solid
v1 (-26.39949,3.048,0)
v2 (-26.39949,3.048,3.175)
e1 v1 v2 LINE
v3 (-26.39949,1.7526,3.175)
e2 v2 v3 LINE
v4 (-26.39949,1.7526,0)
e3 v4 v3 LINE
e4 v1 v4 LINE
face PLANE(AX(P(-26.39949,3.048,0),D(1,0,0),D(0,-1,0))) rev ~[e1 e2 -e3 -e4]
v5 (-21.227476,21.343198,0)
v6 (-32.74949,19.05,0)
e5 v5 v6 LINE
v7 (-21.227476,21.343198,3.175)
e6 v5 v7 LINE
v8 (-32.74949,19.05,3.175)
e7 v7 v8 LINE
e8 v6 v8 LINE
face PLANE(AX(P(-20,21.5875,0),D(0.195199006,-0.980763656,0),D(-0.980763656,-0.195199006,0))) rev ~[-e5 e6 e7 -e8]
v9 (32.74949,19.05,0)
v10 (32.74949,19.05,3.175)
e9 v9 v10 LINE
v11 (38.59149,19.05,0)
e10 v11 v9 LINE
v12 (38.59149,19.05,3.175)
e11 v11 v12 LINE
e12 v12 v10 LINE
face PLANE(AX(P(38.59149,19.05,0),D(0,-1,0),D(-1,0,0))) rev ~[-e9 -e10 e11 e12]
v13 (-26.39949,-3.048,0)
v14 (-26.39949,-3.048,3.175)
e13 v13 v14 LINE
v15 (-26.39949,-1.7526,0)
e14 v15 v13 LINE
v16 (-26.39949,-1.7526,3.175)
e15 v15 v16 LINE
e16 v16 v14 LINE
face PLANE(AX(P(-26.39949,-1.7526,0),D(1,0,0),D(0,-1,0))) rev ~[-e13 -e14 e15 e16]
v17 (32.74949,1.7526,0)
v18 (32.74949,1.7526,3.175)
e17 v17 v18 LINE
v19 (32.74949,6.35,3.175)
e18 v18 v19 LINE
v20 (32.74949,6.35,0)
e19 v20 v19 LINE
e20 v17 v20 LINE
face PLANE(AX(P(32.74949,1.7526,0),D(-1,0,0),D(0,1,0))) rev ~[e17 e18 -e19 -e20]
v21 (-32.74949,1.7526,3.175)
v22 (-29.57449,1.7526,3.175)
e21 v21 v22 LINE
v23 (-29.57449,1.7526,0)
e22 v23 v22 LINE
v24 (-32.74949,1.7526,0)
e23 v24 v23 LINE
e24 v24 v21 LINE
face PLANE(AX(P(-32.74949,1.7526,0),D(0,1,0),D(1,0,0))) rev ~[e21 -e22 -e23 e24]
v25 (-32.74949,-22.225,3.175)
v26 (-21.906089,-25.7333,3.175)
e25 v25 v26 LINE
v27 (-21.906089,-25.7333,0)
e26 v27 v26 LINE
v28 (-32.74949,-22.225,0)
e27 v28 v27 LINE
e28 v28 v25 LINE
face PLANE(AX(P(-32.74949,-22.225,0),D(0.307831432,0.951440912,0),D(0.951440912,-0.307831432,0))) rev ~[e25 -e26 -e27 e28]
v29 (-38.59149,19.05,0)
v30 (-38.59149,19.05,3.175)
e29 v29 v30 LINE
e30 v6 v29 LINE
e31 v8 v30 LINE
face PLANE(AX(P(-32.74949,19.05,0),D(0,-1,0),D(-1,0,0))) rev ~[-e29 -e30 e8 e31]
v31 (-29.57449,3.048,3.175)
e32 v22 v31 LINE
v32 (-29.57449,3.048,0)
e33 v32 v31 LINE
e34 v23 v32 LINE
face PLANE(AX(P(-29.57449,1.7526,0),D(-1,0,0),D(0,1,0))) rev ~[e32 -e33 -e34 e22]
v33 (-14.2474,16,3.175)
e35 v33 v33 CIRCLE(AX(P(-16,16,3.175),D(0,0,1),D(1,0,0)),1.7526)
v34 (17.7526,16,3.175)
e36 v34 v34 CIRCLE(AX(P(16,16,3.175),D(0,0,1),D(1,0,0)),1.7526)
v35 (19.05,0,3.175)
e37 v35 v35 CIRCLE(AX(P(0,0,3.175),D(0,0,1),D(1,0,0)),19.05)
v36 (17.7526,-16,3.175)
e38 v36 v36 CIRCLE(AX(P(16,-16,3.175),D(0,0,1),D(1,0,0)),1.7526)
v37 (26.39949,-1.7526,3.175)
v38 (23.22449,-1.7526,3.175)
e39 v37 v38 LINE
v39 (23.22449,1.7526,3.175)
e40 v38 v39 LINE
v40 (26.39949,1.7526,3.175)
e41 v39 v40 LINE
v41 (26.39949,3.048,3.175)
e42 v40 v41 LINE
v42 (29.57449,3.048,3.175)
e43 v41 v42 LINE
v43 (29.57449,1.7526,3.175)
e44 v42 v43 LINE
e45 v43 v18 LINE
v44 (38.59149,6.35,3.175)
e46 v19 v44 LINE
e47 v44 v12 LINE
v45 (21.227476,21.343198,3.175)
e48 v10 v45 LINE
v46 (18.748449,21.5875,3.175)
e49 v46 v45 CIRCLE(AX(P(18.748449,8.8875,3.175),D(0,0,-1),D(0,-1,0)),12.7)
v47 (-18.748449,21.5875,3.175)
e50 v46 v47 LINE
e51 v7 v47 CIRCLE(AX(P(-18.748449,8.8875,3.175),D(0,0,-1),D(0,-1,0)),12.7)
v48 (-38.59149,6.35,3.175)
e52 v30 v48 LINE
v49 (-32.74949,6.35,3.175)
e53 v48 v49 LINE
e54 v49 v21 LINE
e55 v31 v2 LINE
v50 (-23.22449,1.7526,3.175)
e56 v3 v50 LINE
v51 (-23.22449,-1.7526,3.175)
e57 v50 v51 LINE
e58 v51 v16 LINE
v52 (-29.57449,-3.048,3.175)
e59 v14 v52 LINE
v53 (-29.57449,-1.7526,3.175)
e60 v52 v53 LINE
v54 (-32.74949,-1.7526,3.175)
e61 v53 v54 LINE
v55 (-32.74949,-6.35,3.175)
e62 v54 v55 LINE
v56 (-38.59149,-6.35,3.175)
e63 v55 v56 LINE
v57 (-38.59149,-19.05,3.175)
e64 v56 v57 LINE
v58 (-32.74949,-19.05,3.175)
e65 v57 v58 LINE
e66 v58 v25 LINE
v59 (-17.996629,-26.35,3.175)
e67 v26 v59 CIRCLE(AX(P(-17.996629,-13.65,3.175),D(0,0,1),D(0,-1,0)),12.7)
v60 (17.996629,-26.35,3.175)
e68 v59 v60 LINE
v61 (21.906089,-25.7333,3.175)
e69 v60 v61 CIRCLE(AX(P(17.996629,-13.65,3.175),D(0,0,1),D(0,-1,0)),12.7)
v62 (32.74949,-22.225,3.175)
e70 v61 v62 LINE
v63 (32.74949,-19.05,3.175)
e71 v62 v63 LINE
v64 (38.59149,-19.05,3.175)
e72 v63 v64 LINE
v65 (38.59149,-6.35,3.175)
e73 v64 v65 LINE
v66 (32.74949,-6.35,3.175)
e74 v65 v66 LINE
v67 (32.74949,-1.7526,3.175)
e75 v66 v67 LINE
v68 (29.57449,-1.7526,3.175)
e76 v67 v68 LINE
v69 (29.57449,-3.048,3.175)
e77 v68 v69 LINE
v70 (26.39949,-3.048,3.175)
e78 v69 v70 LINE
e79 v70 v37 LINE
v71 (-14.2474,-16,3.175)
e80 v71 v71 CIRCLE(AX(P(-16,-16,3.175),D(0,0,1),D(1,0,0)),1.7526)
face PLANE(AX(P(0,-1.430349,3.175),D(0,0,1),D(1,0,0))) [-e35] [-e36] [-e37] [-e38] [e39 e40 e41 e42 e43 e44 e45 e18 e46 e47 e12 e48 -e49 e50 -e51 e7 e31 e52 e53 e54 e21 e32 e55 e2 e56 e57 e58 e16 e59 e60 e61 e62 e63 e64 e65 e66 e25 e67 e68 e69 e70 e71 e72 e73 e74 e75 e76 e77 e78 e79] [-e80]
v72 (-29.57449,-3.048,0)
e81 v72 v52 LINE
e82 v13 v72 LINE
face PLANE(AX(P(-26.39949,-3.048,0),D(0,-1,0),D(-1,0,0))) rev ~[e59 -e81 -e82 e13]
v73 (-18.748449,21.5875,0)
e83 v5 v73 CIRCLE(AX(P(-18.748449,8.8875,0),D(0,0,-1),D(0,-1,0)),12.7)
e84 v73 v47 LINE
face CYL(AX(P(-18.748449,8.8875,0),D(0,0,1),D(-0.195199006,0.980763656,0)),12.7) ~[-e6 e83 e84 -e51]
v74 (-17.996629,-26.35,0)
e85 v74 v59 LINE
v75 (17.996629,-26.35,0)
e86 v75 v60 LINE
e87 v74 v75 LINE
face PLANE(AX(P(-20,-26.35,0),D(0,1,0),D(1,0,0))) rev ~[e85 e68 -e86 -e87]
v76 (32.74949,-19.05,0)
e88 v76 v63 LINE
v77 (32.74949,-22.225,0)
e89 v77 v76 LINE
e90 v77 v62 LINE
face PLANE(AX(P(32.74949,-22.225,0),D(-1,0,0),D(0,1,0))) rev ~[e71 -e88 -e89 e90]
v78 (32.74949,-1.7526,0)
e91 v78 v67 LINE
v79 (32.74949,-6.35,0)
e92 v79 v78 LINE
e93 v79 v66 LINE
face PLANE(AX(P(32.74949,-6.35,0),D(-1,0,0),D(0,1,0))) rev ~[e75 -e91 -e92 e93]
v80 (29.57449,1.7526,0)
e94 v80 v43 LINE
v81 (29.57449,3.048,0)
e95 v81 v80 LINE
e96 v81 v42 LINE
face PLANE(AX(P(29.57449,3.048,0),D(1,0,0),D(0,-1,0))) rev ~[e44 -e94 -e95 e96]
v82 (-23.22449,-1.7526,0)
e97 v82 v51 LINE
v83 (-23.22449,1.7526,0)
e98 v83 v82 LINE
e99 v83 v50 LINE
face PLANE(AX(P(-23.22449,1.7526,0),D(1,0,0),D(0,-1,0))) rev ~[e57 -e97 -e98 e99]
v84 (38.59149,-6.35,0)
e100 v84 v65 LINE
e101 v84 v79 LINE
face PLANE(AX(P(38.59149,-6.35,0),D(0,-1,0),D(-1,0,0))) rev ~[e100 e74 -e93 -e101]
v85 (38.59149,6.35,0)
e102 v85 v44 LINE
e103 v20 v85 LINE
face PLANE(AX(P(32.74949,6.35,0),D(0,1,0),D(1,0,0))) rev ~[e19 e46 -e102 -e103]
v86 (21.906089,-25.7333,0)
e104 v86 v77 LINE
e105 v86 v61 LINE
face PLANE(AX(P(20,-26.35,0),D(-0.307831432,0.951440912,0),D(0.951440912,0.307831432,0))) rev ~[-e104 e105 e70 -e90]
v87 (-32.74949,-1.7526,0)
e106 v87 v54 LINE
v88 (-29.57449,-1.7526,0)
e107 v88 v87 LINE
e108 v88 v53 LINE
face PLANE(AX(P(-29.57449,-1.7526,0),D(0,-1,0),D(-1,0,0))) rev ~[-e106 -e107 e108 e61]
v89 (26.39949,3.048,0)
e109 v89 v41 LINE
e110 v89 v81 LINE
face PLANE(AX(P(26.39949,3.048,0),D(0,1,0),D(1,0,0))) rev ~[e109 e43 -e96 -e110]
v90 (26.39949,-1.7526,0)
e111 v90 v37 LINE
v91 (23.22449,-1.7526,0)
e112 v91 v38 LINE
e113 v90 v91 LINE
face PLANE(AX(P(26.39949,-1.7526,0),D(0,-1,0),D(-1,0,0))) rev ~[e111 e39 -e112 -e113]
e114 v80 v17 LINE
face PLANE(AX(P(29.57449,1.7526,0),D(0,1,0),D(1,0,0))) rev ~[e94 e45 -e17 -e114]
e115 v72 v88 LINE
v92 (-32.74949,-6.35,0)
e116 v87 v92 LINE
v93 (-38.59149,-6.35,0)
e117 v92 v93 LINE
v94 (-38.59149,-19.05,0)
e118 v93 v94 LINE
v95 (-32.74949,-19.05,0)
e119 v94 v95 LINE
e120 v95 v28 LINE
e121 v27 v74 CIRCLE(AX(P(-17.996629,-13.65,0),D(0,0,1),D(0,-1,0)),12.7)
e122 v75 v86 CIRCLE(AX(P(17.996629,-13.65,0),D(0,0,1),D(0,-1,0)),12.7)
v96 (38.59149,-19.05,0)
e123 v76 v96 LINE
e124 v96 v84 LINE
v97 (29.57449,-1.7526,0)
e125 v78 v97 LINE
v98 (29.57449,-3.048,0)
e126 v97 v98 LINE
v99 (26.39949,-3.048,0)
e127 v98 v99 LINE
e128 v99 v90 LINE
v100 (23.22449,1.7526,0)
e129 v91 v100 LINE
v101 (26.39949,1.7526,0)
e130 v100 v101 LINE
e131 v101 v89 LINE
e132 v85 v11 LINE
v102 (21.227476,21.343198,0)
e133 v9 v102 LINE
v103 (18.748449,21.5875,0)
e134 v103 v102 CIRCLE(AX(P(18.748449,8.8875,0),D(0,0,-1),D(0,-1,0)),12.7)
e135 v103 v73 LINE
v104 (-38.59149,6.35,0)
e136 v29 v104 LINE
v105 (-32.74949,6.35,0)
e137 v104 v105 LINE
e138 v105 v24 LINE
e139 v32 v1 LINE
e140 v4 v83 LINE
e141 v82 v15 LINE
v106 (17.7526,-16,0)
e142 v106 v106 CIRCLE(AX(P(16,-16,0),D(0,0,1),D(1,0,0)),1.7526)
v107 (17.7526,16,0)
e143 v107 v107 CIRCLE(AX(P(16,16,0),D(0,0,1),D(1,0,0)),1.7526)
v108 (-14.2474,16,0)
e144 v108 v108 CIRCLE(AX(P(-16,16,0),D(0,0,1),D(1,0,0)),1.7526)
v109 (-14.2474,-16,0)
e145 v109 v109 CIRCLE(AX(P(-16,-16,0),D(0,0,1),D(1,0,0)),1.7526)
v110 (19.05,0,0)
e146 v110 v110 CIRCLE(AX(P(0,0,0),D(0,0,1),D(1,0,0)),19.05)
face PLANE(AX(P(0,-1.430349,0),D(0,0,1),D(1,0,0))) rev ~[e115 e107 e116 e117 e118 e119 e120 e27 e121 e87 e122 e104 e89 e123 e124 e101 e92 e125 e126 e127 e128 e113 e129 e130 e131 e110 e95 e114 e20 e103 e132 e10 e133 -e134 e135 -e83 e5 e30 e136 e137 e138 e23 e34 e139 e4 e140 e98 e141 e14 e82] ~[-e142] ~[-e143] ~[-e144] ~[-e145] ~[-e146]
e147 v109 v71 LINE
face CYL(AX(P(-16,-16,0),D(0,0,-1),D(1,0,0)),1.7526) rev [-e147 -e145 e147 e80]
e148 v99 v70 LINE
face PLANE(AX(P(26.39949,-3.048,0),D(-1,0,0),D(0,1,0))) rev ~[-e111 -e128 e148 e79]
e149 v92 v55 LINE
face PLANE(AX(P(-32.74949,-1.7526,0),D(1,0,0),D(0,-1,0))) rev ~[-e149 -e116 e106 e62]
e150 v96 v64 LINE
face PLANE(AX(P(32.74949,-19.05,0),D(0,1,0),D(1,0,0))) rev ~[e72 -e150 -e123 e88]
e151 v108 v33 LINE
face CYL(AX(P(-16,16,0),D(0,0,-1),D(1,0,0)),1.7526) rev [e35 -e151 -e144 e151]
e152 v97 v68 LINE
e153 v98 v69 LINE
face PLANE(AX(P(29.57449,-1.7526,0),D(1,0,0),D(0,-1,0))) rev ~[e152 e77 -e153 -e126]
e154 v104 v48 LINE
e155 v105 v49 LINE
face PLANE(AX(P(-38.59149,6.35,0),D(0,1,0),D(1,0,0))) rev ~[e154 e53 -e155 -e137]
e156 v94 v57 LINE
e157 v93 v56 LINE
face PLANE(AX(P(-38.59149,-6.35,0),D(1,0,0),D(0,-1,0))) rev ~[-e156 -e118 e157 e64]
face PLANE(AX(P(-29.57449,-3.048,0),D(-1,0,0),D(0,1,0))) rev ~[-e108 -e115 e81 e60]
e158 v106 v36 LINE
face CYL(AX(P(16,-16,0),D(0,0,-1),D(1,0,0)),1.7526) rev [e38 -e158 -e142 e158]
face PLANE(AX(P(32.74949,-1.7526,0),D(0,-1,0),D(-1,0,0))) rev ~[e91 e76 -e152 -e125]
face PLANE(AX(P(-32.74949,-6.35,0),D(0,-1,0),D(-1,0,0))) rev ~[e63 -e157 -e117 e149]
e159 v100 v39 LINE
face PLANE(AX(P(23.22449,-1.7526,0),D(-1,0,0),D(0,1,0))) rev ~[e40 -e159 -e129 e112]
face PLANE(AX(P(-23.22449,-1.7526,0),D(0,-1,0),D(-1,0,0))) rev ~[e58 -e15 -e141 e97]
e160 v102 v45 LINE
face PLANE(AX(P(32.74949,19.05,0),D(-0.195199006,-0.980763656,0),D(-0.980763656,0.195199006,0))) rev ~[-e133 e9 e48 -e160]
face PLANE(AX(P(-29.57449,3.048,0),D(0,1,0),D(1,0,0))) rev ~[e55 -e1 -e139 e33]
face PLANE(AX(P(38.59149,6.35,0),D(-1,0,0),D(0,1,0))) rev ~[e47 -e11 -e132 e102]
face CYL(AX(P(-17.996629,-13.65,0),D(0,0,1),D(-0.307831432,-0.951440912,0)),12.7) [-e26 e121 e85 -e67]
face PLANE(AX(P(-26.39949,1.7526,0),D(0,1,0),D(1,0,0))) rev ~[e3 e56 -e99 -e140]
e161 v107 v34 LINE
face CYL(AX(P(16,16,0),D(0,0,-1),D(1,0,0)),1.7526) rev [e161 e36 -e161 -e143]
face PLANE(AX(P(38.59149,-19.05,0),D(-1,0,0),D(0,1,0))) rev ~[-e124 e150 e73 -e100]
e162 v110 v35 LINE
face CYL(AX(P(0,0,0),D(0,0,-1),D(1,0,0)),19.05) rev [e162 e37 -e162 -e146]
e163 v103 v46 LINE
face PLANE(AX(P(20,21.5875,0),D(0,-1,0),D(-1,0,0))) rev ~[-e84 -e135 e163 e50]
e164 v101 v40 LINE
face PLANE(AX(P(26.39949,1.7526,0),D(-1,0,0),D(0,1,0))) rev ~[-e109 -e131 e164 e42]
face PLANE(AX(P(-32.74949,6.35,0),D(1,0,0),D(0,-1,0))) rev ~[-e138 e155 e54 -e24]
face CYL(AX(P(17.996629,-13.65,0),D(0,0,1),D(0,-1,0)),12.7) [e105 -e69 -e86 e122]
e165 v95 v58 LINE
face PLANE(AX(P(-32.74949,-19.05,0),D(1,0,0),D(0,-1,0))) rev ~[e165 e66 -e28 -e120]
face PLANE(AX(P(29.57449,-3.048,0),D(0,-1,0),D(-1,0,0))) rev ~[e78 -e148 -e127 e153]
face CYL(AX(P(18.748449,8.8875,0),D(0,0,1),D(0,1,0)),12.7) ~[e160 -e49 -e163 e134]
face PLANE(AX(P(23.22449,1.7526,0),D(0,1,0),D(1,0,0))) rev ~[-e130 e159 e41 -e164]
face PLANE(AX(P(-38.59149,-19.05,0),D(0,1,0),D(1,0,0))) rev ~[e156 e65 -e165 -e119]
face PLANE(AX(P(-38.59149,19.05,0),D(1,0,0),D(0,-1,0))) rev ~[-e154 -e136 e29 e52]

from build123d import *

# Parameters (mm, degrees)
F0_R     = 1.7526
F0_R_2   = 19.05
F1_DEPTH = 3.175
F2_R     = 12.7


with BuildPart() as f1:
    # F0 (on Top) → F1 (new body)
    with BuildSketch(Plane.XY):
        Polygon((-32.74949, -1.7526), (-32.74949, -6.35), (-38.59149, -6.35), (-38.59149, -19.05), (-32.74949, -19.05), (-32.74949, -22.225), (-20, -26.35), (0, -26.35), (20, -26.35), (32.74949, -22.225), (32.74949, -19.05), (38.59149, -19.05), (38.59149, -6.35), (32.74949, -6.35), (32.74949, -1.7526), (29.57449, -1.7526), (29.57449, -3.048), (26.39949, -3.048), (26.39949, -1.7526), (23.22449, -1.7526), (23.22449, 1.7526), (26.39949, 1.7526), (26.39949, 3.048), (29.57449, 3.048), (29.57449, 1.7526), (32.74949, 1.7526), (32.74949, 6.35), (38.59149, 6.35), (38.59149, 19.05), (32.74949, 19.05), (20, 21.5875), (0, 21.5875), (-20, 21.5875), (-32.74949, 19.05), (-38.59149, 19.05), (-38.59149, 6.35), (-32.74949, 6.35), (-32.74949, 1.7526), (-29.57449, 1.7526), (-29.57449, 3.048), (-26.39949, 3.048), (-26.39949, 1.7526), (-23.22449, 1.7526), (-23.22449, -1.7526), (-26.39949, -1.7526), (-26.39949, -3.048), (-29.57449, -3.048), (-29.57449, -1.7526), align=None)
        with Locations((-16, -16)):
            Circle(F0_R, mode=Mode.SUBTRACT)
        with Locations((16, -16)):
            Circle(F0_R, mode=Mode.SUBTRACT)
        with Locations((-16, 16)):
            Circle(F0_R, mode=Mode.SUBTRACT)
        Circle(F0_R_2, mode=Mode.SUBTRACT)
        with Locations((16, 16)):
            Circle(F0_R, mode=Mode.SUBTRACT)
    extrude(amount=F1_DEPTH)

    # F2
    f2_edges = [f1.edges().sort_by_distance(p)[0] for p in [
        (-20, -26.35, 1.5875),
        (20, -26.35, 1.5875),
        (20, 21.5875, 1.5875),
        (-20, 21.5875, 1.5875),
    ]]
    fillet(f2_edges, radius=F2_R)


solid = f1.part
